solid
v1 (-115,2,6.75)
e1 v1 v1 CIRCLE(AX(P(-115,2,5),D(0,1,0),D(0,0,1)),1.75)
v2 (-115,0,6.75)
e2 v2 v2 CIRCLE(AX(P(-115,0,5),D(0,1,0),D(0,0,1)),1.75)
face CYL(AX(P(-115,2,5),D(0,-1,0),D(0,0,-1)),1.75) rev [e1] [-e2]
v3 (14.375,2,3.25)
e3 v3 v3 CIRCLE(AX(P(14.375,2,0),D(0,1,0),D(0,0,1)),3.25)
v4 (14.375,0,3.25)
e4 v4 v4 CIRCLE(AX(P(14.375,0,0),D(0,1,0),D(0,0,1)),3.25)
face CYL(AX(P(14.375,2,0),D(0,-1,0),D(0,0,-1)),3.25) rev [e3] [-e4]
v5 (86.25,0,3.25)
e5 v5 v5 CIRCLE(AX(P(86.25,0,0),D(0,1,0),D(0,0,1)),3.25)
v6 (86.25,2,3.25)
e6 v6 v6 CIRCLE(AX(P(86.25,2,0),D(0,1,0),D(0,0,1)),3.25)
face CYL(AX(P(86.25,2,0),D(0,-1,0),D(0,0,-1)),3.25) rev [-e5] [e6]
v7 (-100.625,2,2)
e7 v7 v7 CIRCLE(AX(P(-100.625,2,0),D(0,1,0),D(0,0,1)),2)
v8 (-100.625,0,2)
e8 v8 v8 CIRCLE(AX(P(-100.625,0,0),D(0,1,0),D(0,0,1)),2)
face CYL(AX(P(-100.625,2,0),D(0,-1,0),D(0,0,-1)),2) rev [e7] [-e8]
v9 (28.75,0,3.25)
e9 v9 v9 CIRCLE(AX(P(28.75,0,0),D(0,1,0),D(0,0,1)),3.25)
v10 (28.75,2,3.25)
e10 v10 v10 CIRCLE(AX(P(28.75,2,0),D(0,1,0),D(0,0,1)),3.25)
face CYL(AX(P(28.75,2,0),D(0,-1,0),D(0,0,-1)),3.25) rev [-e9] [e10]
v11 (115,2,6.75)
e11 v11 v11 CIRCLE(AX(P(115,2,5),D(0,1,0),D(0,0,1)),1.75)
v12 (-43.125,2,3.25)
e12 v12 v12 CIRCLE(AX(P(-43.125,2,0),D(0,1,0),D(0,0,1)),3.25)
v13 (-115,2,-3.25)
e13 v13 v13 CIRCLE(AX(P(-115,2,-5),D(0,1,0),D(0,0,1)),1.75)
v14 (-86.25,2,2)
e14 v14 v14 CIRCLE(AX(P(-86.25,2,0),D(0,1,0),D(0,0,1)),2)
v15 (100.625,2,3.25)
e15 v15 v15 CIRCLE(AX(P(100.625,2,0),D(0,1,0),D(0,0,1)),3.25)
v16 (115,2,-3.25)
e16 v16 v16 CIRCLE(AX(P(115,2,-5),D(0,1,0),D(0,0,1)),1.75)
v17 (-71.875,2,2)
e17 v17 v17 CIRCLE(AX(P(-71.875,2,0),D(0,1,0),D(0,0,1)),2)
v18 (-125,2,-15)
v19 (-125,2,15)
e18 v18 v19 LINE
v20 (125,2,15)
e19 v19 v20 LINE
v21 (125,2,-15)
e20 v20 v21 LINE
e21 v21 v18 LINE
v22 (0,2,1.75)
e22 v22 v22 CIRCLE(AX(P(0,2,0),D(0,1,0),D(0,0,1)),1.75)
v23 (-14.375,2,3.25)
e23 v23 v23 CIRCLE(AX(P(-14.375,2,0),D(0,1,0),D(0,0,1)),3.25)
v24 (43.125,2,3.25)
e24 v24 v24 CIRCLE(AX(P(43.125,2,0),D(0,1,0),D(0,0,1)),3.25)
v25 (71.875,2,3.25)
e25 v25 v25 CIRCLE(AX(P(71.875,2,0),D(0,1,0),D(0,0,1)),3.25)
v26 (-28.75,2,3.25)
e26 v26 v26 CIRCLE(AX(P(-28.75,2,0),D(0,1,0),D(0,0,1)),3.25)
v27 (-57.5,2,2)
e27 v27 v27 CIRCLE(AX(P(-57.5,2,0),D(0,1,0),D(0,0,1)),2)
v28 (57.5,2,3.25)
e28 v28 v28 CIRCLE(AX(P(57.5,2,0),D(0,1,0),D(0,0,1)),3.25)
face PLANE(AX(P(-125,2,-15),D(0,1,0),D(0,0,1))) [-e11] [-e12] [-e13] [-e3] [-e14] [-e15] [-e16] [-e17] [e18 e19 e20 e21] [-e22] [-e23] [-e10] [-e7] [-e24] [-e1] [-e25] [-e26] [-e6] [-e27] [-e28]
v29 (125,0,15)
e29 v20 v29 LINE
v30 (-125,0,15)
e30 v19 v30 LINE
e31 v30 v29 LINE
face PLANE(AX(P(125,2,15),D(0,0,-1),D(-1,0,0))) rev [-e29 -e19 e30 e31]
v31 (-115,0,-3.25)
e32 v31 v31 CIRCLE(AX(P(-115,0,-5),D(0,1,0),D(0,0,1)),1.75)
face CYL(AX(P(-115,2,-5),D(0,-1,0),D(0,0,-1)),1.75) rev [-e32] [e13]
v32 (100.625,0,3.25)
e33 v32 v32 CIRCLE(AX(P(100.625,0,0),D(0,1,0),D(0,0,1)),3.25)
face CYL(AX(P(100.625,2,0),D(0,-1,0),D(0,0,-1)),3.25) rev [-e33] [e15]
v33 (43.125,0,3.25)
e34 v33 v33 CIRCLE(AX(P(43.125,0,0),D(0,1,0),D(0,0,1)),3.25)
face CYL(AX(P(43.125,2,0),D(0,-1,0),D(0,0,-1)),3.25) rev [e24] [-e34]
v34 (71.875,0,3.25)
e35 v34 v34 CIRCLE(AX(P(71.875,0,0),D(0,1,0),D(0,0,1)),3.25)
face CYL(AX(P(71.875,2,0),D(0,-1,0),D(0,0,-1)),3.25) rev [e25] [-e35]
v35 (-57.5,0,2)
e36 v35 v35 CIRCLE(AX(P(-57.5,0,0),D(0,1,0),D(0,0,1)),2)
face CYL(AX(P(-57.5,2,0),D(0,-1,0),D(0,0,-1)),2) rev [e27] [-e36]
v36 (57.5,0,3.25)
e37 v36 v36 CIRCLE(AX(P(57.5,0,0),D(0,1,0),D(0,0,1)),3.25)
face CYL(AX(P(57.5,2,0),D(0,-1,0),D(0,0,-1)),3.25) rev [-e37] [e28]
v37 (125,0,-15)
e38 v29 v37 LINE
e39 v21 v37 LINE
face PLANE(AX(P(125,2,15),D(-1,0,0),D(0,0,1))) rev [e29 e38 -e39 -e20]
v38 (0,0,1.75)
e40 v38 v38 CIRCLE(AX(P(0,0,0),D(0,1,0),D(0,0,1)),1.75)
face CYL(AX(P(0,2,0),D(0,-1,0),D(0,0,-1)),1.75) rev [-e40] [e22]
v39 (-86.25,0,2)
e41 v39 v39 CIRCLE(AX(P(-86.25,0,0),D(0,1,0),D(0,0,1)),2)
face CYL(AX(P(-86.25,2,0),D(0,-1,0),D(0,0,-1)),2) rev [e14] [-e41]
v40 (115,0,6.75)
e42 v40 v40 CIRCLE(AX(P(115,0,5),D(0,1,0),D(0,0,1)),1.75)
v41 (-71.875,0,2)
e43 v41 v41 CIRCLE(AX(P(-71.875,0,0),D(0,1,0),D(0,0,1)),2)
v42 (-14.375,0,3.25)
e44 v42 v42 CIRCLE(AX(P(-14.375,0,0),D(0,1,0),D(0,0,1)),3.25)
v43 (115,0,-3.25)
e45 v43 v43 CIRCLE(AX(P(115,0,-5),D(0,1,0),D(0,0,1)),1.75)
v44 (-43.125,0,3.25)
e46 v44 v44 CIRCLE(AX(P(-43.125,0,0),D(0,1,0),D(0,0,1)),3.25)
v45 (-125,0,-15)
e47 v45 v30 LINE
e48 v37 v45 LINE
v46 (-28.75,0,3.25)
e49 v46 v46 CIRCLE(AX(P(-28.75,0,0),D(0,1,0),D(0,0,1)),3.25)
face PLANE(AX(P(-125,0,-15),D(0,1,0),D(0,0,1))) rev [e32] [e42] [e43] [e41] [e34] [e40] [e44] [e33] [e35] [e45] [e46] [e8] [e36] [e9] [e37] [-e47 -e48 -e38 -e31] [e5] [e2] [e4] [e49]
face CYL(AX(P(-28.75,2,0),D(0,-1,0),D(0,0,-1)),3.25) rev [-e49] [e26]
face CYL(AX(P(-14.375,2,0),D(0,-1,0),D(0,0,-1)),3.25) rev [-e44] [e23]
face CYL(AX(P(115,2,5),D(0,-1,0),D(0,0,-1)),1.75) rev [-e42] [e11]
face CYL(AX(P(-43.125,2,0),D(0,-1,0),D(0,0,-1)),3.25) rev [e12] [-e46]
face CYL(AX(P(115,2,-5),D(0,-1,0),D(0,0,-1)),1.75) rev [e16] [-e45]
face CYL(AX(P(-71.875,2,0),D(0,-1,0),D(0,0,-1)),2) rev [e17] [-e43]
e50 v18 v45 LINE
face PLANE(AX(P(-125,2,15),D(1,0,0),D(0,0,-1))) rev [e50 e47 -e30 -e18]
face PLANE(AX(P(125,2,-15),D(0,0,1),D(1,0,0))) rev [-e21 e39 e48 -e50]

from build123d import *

# Parameters (mm, degrees)
SKETCH1_W           = 250
SKETCH1_H           = 30
SKETCH1_R           = 1.75
SKETCH1_R_2         = 2
SKETCH1_R_3         = 3.25
BOSS_EXTRUDE1_DEPTH = 2


with BuildPart() as part:
    # Sketch1 → Boss-Extrude1 (new body)
    with BuildSketch(Plane(origin=(0, 0, 0), x_dir=(1, 0, 0), z_dir=(0, 1, 0))):
        Rectangle(SKETCH1_W, SKETCH1_H)
        with Locations(Location((-115, 5, 0), (0, 0, 270))):
            Circle(SKETCH1_R, mode=Mode.SUBTRACT)
        with Locations(Location((-115, -5, 0), (0, 0, 270))):
            Circle(SKETCH1_R, mode=Mode.SUBTRACT)
        with Locations(Location((0, 0, 0), (0, 0, 270))):
            Circle(SKETCH1_R, mode=Mode.SUBTRACT)
        with Locations(Location((115, 5, 0), (0, 0, 270))):
            Circle(SKETCH1_R, mode=Mode.SUBTRACT)
        with Locations(Location((115, -5, 0), (0, 0, 270))):
            Circle(SKETCH1_R, mode=Mode.SUBTRACT)
        with Locations(Location((-100.625, 0, 0), (0, 0, 270))):
            Circle(SKETCH1_R_2, mode=Mode.SUBTRACT)
        with Locations(Location((-71.875, 0, 0), (0, 0, 270))):
            Circle(SKETCH1_R_2, mode=Mode.SUBTRACT)
        with Locations(Location((-57.5, 0, 0), (0, 0, 270))):
            Circle(SKETCH1_R_2, mode=Mode.SUBTRACT)
        with Locations(Location((14.375, 0, 0), (0, 0, 270))):
            Circle(SKETCH1_R_3, mode=Mode.SUBTRACT)
        with Locations(Location((43.125, 0, 0), (0, 0, 270))):
            Circle(SKETCH1_R_3, mode=Mode.SUBTRACT)
        with Locations(Location((57.5, 0, 0), (0, 0, 270))):
            Circle(SKETCH1_R_3, mode=Mode.SUBTRACT)
        with Locations(Location((71.875, 0, 0), (0, 0, 270))):
            Circle(SKETCH1_R_3, mode=Mode.SUBTRACT)
        with Locations(Location((86.25, 0, 0), (0, 0, 270))):
            Circle(SKETCH1_R_3, mode=Mode.SUBTRACT)
        with Locations(Location((100.625, 0, 0), (0, 0, 270))):
            Circle(SKETCH1_R_3, mode=Mode.SUBTRACT)
        with Locations(Location((-43.125, 0, 0), (0, 0, 270))):
            Circle(SKETCH1_R_3, mode=Mode.SUBTRACT)
        with Locations(Location((-86.25, 0, 0), (0, 0, 270))):
            Circle(SKETCH1_R_2, mode=Mode.SUBTRACT)
        with Locations(Location((-28.75, 0, 0), (0, 0, 270))):
            Circle(SKETCH1_R_3, mode=Mode.SUBTRACT)
        with Locations(Location((-14.375, 0, 0), (0, 0, 270))):
            Circle(SKETCH1_R_3, mode=Mode.SUBTRACT)
        with Locations(Location((28.75, 0, 0), (0, 0, 270))):
            Circle(SKETCH1_R_3, mode=Mode.SUBTRACT)
    extrude(amount=BOSS_EXTRUDE1_DEPTH)


solid = part.part
